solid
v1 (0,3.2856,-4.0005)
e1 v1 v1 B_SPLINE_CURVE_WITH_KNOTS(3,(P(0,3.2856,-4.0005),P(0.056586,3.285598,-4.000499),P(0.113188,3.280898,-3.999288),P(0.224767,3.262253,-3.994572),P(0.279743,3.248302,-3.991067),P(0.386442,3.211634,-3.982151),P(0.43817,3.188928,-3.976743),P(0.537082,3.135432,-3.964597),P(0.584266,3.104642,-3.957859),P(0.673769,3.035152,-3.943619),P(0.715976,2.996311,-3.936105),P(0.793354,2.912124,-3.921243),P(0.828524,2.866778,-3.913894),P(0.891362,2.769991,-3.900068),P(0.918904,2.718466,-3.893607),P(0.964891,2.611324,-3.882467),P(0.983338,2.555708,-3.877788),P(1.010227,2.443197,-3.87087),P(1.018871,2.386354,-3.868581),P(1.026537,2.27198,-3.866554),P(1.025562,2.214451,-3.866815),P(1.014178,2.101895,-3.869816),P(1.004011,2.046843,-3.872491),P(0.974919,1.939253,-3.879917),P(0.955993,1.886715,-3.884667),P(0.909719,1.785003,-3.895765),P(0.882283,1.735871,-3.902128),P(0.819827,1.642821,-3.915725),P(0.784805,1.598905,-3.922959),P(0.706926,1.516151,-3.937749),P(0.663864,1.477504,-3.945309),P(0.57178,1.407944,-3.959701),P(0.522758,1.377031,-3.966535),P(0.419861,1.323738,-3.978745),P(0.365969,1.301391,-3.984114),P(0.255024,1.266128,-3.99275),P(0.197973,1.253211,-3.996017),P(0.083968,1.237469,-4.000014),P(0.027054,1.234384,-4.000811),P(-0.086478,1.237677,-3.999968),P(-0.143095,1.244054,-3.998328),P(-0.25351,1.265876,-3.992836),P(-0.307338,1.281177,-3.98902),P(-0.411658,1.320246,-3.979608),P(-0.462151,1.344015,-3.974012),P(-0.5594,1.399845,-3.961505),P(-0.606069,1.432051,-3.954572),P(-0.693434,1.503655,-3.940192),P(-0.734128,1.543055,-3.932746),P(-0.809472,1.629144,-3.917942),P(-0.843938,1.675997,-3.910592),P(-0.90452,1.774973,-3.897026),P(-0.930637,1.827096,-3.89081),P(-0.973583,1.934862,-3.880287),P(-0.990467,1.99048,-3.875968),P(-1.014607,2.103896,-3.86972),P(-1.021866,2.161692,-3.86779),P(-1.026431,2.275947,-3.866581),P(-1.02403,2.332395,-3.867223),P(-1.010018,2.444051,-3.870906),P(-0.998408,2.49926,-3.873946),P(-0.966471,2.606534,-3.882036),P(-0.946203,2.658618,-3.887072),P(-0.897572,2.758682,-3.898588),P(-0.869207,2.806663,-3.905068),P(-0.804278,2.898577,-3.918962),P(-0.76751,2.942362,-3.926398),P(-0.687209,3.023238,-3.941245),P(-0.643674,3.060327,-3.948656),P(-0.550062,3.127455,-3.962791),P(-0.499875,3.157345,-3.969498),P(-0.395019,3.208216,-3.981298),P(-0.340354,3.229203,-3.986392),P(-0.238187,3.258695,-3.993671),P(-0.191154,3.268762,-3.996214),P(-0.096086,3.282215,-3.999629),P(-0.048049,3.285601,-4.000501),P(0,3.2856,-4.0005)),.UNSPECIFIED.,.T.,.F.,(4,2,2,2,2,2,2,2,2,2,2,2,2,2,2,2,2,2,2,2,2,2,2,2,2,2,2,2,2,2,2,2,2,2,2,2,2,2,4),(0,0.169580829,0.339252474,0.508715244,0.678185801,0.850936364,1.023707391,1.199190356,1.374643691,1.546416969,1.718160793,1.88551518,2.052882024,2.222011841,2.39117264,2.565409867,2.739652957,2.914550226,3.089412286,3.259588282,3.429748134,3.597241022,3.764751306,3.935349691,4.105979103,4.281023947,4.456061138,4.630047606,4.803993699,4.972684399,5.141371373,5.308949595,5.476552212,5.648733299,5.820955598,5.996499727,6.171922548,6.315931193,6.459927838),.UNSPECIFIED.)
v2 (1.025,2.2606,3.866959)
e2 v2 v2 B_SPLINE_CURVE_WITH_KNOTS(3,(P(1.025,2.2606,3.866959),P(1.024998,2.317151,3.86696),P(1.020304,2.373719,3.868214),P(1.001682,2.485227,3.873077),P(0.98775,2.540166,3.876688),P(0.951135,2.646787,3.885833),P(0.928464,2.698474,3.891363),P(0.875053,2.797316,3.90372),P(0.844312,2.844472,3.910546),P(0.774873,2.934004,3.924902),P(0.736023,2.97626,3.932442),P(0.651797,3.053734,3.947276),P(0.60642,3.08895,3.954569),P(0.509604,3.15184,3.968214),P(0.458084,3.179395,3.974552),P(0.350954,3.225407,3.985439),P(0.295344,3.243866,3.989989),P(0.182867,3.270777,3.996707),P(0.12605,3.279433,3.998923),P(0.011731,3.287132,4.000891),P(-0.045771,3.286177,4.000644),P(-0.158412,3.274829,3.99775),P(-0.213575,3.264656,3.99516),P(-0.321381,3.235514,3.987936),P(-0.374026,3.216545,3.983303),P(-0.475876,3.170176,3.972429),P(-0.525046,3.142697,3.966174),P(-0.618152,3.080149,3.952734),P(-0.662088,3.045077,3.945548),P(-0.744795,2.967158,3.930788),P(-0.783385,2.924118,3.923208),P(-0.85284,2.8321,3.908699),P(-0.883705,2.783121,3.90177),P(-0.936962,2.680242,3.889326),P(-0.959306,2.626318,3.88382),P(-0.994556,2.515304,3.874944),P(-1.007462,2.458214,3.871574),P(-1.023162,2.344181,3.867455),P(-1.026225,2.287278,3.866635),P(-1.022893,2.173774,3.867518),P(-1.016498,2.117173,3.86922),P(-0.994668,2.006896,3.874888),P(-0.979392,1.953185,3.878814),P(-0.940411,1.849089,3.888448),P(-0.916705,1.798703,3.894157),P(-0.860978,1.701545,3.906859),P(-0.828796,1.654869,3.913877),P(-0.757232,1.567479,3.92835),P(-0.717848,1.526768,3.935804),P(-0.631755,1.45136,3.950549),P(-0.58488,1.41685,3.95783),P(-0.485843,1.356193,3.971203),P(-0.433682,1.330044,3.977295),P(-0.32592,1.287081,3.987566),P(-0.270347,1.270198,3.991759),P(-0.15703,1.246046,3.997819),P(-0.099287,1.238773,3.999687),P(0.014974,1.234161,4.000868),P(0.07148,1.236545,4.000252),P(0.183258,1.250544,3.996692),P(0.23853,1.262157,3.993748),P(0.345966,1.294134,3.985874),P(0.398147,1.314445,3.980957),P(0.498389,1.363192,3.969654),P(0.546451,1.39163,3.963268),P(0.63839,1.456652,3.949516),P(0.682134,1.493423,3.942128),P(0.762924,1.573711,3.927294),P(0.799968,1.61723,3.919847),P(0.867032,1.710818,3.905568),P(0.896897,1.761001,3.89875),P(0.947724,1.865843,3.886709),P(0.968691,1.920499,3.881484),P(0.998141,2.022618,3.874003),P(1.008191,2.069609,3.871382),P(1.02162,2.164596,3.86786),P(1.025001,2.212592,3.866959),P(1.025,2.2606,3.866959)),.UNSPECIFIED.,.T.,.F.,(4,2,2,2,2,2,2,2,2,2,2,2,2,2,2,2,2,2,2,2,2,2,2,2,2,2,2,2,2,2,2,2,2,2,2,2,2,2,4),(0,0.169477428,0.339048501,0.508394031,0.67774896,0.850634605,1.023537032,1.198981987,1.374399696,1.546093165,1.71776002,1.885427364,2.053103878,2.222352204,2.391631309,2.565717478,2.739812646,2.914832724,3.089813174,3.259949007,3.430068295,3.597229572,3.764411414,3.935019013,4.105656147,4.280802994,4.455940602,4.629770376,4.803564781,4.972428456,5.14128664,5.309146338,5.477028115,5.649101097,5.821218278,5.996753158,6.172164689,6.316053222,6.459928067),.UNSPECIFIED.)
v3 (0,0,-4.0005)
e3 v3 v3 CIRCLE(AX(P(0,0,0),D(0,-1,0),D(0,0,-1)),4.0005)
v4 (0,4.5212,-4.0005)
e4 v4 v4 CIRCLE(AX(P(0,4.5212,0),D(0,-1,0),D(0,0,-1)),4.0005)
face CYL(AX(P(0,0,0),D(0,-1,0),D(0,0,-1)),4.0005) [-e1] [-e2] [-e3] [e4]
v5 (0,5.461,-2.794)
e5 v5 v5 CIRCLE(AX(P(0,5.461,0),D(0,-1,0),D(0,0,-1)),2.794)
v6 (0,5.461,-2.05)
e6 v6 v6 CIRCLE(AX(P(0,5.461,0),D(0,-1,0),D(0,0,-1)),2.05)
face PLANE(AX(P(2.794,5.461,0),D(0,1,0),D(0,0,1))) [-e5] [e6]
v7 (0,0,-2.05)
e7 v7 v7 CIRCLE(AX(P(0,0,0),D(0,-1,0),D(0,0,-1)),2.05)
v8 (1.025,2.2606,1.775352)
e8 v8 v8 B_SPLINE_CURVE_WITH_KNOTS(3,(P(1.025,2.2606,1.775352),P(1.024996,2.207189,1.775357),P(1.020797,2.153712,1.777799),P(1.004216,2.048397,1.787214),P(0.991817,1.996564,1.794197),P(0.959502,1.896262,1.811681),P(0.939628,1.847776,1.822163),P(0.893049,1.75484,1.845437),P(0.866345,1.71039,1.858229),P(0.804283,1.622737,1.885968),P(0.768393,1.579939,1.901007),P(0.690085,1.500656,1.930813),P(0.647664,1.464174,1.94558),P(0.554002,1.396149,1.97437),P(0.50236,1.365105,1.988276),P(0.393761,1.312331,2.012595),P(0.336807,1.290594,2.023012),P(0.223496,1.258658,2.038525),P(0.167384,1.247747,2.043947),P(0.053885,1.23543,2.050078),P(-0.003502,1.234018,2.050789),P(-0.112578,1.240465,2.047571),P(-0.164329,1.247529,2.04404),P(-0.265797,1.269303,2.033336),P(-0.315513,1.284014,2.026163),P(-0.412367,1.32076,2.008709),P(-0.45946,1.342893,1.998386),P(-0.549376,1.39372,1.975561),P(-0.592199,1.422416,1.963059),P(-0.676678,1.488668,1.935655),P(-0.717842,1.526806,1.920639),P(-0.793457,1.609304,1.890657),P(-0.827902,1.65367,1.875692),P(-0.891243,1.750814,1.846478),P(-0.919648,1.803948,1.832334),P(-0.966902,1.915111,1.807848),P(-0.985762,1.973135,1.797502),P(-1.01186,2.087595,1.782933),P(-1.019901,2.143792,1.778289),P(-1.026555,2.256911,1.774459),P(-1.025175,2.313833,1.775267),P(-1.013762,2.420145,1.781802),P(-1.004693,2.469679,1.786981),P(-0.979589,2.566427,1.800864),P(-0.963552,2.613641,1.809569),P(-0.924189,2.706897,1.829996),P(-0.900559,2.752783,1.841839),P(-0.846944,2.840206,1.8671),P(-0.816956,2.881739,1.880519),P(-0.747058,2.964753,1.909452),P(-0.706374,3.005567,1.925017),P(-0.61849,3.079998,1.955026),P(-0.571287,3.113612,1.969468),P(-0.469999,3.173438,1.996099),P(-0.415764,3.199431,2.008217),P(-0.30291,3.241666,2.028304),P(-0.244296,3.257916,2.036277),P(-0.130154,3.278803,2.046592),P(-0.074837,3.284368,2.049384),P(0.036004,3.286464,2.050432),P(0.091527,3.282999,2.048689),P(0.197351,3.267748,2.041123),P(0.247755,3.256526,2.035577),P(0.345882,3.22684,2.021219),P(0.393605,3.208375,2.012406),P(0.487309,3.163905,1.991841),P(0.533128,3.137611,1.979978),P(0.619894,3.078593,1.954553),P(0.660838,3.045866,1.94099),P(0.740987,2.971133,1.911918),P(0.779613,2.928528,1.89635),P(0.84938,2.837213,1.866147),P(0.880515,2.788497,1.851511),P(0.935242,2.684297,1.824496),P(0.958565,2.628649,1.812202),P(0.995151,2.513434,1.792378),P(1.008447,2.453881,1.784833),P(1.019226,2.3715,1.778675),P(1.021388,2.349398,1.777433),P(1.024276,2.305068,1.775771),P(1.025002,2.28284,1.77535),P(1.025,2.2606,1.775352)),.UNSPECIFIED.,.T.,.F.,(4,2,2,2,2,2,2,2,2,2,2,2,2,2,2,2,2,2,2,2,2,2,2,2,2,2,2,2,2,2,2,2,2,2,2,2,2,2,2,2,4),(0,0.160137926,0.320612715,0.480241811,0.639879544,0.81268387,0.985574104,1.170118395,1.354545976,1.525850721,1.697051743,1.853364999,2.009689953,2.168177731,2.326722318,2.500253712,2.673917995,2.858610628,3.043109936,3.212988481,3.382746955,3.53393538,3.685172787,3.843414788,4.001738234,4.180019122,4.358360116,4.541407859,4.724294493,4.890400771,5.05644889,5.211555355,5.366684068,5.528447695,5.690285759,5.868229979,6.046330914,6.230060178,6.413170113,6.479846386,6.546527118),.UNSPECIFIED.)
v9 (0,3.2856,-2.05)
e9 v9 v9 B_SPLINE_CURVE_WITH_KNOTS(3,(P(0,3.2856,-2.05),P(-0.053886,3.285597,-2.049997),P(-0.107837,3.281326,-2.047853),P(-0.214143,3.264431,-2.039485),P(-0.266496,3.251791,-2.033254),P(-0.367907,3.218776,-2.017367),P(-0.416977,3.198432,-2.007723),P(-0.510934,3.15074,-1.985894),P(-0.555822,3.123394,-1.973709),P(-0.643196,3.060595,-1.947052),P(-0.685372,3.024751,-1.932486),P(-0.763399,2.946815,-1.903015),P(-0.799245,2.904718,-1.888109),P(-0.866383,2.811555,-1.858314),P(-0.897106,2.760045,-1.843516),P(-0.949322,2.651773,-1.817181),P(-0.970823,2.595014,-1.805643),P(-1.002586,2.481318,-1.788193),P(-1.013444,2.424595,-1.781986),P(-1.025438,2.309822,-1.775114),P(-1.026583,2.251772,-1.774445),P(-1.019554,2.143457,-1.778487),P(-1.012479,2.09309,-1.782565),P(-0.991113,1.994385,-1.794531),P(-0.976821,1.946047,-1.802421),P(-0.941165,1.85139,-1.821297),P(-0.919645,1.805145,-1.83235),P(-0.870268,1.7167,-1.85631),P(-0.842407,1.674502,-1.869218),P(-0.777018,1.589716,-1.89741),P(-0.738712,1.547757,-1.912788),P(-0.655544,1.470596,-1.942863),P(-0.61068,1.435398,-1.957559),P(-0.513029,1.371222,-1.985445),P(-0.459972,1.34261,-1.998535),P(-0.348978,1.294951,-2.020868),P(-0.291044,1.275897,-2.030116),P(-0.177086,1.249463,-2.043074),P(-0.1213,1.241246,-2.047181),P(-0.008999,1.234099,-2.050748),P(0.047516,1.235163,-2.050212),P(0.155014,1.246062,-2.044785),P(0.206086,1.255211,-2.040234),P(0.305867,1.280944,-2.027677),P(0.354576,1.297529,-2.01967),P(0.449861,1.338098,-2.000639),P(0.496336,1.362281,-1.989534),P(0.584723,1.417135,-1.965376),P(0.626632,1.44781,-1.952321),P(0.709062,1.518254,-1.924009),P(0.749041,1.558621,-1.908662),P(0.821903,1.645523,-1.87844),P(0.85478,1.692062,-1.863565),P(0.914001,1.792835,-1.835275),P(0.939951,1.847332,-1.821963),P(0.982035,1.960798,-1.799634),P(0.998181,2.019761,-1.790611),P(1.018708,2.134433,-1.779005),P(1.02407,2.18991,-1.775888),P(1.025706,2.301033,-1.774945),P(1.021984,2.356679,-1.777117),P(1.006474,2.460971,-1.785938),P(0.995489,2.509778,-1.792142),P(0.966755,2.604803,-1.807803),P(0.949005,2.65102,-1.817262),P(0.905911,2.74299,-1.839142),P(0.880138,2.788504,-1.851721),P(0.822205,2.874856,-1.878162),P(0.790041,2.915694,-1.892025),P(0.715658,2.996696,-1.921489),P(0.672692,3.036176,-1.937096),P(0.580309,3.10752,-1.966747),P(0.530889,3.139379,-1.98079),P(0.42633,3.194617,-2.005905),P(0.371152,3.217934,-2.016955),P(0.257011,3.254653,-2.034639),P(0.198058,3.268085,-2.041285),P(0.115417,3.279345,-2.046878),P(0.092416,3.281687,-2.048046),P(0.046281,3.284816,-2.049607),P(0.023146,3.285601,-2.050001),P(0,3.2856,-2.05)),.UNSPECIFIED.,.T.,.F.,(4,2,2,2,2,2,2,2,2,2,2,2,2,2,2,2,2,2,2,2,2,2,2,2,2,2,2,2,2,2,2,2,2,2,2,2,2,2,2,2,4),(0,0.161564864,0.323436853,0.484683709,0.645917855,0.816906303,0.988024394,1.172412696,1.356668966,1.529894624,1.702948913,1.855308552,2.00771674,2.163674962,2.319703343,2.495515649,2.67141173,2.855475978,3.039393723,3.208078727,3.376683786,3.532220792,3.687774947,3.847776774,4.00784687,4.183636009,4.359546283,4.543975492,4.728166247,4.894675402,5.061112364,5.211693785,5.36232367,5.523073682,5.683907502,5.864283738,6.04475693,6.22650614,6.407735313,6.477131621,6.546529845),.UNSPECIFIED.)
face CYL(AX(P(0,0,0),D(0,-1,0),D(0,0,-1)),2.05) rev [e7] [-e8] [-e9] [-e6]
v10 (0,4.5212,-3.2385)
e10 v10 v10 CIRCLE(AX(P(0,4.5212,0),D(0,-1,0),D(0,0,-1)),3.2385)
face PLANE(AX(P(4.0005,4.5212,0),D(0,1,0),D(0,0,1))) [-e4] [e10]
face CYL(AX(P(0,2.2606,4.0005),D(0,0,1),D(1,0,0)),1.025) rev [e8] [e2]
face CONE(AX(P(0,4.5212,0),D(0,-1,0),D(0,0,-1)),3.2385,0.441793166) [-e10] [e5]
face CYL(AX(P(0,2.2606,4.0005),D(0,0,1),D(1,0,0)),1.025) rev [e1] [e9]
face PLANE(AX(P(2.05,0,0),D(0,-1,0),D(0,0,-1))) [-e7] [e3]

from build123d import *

# Parameters (mm, degrees)
M2_5X0_45_TAPPED_HOLE1_D = 2.05


with BuildPart() as part:
    # Sketch2 → Revolve1 (revolve)
    with BuildSketch(Plane.XY):
        Polygon((2.05, 5.461), (2.05, 0), (4.0005, 0), (4.0005, 4.5212), (3.2385, 4.5212), (2.794, 5.461), align=None)
    revolve(axis=Axis((0, 0, 0), (0, 1, 0)))

    # M2.5x0.45 Tapped Hole1 (through all)
    with Locations(Plane(origin=(0, 2.2606, 4.0005), x_dir=(1, 0, 0), z_dir=(0, 0, 1))):
        with Locations((0, 0)):
            Hole(M2_5X0_45_TAPPED_HOLE1_D / 2)


solid = part.part
